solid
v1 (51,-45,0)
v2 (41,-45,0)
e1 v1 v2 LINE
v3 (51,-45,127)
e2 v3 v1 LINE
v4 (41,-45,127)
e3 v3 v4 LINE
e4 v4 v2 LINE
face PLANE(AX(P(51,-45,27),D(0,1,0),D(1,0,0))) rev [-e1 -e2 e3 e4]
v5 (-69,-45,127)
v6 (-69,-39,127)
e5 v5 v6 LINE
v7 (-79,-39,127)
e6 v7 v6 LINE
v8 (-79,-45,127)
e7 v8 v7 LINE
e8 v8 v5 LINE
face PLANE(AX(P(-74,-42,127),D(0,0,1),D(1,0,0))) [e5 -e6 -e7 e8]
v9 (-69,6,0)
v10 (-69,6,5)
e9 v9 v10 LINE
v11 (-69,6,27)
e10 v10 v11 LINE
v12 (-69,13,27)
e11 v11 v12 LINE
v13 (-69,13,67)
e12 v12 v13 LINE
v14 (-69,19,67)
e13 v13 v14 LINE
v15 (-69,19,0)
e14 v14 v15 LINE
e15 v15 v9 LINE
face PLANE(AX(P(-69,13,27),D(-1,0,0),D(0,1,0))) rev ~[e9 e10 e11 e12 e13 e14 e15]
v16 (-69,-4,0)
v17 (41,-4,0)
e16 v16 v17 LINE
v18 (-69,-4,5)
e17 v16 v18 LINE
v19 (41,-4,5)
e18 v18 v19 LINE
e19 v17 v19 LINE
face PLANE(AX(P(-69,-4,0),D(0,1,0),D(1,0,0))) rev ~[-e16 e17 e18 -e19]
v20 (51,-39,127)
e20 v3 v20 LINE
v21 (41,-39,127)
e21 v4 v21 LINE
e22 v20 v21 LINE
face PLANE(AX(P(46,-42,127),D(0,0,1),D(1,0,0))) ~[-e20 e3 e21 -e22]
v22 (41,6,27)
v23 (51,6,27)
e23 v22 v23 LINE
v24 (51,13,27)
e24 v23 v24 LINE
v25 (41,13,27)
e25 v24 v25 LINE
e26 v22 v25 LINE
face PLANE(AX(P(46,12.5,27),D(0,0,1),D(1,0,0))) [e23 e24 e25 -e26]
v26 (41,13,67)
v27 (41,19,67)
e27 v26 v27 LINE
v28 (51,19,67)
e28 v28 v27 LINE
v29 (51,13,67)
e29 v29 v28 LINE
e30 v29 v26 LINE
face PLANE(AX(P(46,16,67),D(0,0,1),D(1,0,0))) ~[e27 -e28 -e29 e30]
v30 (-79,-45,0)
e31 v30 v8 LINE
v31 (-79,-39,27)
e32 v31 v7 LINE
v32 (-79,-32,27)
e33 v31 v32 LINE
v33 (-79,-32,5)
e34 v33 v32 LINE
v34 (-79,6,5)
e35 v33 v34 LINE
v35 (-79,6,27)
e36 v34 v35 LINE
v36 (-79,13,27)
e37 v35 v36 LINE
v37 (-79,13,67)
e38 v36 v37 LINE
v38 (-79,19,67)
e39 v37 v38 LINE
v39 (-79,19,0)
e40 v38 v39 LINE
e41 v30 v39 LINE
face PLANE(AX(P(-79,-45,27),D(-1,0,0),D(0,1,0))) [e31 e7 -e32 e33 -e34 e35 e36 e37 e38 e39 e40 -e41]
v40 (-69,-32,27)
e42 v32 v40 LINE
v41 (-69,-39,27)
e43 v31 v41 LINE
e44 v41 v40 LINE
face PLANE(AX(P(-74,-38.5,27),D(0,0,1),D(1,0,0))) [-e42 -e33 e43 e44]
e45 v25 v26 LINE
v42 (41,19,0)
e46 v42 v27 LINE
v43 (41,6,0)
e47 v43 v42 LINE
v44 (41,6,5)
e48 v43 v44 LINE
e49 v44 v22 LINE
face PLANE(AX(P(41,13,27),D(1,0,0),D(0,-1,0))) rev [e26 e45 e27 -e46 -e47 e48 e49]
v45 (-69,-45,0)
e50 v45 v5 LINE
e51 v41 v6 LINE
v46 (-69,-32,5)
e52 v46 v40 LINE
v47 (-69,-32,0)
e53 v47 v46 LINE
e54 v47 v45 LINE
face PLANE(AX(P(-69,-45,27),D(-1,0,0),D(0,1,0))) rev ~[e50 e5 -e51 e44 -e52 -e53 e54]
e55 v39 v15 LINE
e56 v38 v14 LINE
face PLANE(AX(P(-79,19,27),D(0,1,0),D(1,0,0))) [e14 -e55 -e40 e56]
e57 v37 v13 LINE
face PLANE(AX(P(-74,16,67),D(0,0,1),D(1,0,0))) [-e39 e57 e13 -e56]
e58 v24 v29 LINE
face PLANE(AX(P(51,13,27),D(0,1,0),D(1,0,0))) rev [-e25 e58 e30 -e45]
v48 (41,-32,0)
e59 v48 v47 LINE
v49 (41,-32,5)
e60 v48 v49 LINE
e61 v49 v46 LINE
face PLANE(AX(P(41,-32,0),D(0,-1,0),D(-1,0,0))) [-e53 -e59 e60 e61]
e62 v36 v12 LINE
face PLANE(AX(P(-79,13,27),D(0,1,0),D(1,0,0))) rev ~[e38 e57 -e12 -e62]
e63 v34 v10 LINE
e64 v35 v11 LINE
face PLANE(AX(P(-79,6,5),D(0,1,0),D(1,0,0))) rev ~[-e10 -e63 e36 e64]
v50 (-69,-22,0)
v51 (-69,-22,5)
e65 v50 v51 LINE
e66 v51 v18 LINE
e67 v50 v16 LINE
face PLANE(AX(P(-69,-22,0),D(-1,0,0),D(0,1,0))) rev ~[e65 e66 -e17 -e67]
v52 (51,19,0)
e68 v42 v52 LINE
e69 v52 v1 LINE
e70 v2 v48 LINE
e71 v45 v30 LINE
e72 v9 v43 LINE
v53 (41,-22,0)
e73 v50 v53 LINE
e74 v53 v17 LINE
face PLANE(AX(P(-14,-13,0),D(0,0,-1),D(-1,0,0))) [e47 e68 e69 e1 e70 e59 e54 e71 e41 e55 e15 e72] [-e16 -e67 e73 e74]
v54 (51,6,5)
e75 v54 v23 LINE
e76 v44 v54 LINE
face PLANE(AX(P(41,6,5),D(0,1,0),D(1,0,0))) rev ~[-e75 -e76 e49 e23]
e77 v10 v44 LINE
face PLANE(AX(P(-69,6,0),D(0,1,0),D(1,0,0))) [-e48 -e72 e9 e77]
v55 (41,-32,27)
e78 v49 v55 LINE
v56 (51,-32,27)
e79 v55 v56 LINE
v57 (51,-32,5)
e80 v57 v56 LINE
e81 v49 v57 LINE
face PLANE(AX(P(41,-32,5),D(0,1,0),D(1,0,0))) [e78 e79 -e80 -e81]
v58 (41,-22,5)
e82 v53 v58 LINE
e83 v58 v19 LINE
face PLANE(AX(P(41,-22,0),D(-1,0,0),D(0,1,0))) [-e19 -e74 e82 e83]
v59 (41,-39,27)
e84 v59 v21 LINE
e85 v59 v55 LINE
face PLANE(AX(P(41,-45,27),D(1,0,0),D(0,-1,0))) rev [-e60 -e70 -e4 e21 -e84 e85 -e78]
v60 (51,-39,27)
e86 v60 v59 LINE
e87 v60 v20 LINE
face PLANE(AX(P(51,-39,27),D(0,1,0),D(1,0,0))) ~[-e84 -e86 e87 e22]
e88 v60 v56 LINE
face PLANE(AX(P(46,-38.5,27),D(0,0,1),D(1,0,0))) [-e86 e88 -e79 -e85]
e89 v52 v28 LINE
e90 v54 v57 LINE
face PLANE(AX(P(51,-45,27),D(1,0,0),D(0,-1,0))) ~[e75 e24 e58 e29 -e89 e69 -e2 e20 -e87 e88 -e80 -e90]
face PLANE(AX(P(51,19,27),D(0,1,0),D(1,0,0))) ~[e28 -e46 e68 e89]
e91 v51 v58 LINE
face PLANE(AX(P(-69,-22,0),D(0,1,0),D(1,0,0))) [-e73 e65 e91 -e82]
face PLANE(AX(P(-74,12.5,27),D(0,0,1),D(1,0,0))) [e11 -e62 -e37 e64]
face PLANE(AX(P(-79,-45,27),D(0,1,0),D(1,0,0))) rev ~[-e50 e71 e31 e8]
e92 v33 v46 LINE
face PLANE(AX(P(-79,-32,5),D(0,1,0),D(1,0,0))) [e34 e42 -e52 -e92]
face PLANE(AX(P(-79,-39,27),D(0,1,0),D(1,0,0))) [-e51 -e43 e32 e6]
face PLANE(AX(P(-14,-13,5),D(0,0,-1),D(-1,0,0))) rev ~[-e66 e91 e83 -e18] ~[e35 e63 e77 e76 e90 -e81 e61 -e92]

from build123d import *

# Parameters (mm, degrees)
SKETCH_W     = 110
SKETCH_H     = 18
PAD_DEPTH    = 5
SKETCH001_W  = 10
SKETCH001_H  = 13
PAD001_DEPTH = 22
SKETCH002_W  = 10
SKETCH002_H  = 6
PAD002_DEPTH = 40
SKETCH003_W  = 10
SKETCH003_H  = 6
PAD003_DEPTH = 100


with BuildPart() as part:
    # Sketch → Pad (new body)
    with BuildSketch(Plane(origin=(-14, -13, 0), x_dir=(1, 0, 0), z_dir=(0, 0, 1))):
        Polygon((-55, 19), (55, 19), (55, 32), (65, 32), (65, -32), (55, -32), (55, -19), (-55, -19), (-55, -32), (-65, -32), (-65, 32), (-55, 32), align=None)
        Rectangle(SKETCH_W, SKETCH_H, mode=Mode.SUBTRACT)
    extrude(amount=PAD_DEPTH)

    # Sketch001 → Pad001 (new body)
    with BuildSketch(Plane(origin=(-14, -13, 5), x_dir=(1, 0, 0), z_dir=(0, 0, 1))):
        with Locations((-60, 25.5)):
            Rectangle(SKETCH001_W, SKETCH001_H)
        with Locations((-60, -25.5)):
            Rectangle(SKETCH001_W, SKETCH001_H)
        with Locations((60, 25.5)):
            Rectangle(SKETCH001_W, SKETCH001_H)
        with Locations((60, -25.5)):
            Rectangle(SKETCH001_W, SKETCH001_H)
    extrude(amount=PAD001_DEPTH)

    # Sketch002 → Pad002 (new body)
    with BuildSketch(Plane(origin=(-14, -13, 27), x_dir=(1, 0, 0), z_dir=(0, 0, 1))):
        with Locations((-60, 29)):
            Rectangle(SKETCH002_W, SKETCH002_H)
    pad002 = extrude(amount=PAD002_DEPTH)

    # Mirrored: Pad002 across Sketch002 V_Axis
    add(pad002.mirror(Plane(origin=(-14, -13, 27), x_dir=(0, 0, 1), z_dir=(1, 0, 0))))

    # Sketch003 → Pad003 (new body)
    with BuildSketch(Plane(origin=(-14, -13, 27), x_dir=(1, 0, 0), z_dir=(0, 0, 1))):
        with Locations((-60, -29)):
            Rectangle(SKETCH003_W, SKETCH003_H)
    pad003 = extrude(amount=PAD003_DEPTH)

    # Mirrored001: Pad003 across Sketch003 V_Axis
    add(pad003.mirror(Plane(origin=(-14, -13, 27), x_dir=(0, 0, 1), z_dir=(1, 0, 0))))


solid = part.part
